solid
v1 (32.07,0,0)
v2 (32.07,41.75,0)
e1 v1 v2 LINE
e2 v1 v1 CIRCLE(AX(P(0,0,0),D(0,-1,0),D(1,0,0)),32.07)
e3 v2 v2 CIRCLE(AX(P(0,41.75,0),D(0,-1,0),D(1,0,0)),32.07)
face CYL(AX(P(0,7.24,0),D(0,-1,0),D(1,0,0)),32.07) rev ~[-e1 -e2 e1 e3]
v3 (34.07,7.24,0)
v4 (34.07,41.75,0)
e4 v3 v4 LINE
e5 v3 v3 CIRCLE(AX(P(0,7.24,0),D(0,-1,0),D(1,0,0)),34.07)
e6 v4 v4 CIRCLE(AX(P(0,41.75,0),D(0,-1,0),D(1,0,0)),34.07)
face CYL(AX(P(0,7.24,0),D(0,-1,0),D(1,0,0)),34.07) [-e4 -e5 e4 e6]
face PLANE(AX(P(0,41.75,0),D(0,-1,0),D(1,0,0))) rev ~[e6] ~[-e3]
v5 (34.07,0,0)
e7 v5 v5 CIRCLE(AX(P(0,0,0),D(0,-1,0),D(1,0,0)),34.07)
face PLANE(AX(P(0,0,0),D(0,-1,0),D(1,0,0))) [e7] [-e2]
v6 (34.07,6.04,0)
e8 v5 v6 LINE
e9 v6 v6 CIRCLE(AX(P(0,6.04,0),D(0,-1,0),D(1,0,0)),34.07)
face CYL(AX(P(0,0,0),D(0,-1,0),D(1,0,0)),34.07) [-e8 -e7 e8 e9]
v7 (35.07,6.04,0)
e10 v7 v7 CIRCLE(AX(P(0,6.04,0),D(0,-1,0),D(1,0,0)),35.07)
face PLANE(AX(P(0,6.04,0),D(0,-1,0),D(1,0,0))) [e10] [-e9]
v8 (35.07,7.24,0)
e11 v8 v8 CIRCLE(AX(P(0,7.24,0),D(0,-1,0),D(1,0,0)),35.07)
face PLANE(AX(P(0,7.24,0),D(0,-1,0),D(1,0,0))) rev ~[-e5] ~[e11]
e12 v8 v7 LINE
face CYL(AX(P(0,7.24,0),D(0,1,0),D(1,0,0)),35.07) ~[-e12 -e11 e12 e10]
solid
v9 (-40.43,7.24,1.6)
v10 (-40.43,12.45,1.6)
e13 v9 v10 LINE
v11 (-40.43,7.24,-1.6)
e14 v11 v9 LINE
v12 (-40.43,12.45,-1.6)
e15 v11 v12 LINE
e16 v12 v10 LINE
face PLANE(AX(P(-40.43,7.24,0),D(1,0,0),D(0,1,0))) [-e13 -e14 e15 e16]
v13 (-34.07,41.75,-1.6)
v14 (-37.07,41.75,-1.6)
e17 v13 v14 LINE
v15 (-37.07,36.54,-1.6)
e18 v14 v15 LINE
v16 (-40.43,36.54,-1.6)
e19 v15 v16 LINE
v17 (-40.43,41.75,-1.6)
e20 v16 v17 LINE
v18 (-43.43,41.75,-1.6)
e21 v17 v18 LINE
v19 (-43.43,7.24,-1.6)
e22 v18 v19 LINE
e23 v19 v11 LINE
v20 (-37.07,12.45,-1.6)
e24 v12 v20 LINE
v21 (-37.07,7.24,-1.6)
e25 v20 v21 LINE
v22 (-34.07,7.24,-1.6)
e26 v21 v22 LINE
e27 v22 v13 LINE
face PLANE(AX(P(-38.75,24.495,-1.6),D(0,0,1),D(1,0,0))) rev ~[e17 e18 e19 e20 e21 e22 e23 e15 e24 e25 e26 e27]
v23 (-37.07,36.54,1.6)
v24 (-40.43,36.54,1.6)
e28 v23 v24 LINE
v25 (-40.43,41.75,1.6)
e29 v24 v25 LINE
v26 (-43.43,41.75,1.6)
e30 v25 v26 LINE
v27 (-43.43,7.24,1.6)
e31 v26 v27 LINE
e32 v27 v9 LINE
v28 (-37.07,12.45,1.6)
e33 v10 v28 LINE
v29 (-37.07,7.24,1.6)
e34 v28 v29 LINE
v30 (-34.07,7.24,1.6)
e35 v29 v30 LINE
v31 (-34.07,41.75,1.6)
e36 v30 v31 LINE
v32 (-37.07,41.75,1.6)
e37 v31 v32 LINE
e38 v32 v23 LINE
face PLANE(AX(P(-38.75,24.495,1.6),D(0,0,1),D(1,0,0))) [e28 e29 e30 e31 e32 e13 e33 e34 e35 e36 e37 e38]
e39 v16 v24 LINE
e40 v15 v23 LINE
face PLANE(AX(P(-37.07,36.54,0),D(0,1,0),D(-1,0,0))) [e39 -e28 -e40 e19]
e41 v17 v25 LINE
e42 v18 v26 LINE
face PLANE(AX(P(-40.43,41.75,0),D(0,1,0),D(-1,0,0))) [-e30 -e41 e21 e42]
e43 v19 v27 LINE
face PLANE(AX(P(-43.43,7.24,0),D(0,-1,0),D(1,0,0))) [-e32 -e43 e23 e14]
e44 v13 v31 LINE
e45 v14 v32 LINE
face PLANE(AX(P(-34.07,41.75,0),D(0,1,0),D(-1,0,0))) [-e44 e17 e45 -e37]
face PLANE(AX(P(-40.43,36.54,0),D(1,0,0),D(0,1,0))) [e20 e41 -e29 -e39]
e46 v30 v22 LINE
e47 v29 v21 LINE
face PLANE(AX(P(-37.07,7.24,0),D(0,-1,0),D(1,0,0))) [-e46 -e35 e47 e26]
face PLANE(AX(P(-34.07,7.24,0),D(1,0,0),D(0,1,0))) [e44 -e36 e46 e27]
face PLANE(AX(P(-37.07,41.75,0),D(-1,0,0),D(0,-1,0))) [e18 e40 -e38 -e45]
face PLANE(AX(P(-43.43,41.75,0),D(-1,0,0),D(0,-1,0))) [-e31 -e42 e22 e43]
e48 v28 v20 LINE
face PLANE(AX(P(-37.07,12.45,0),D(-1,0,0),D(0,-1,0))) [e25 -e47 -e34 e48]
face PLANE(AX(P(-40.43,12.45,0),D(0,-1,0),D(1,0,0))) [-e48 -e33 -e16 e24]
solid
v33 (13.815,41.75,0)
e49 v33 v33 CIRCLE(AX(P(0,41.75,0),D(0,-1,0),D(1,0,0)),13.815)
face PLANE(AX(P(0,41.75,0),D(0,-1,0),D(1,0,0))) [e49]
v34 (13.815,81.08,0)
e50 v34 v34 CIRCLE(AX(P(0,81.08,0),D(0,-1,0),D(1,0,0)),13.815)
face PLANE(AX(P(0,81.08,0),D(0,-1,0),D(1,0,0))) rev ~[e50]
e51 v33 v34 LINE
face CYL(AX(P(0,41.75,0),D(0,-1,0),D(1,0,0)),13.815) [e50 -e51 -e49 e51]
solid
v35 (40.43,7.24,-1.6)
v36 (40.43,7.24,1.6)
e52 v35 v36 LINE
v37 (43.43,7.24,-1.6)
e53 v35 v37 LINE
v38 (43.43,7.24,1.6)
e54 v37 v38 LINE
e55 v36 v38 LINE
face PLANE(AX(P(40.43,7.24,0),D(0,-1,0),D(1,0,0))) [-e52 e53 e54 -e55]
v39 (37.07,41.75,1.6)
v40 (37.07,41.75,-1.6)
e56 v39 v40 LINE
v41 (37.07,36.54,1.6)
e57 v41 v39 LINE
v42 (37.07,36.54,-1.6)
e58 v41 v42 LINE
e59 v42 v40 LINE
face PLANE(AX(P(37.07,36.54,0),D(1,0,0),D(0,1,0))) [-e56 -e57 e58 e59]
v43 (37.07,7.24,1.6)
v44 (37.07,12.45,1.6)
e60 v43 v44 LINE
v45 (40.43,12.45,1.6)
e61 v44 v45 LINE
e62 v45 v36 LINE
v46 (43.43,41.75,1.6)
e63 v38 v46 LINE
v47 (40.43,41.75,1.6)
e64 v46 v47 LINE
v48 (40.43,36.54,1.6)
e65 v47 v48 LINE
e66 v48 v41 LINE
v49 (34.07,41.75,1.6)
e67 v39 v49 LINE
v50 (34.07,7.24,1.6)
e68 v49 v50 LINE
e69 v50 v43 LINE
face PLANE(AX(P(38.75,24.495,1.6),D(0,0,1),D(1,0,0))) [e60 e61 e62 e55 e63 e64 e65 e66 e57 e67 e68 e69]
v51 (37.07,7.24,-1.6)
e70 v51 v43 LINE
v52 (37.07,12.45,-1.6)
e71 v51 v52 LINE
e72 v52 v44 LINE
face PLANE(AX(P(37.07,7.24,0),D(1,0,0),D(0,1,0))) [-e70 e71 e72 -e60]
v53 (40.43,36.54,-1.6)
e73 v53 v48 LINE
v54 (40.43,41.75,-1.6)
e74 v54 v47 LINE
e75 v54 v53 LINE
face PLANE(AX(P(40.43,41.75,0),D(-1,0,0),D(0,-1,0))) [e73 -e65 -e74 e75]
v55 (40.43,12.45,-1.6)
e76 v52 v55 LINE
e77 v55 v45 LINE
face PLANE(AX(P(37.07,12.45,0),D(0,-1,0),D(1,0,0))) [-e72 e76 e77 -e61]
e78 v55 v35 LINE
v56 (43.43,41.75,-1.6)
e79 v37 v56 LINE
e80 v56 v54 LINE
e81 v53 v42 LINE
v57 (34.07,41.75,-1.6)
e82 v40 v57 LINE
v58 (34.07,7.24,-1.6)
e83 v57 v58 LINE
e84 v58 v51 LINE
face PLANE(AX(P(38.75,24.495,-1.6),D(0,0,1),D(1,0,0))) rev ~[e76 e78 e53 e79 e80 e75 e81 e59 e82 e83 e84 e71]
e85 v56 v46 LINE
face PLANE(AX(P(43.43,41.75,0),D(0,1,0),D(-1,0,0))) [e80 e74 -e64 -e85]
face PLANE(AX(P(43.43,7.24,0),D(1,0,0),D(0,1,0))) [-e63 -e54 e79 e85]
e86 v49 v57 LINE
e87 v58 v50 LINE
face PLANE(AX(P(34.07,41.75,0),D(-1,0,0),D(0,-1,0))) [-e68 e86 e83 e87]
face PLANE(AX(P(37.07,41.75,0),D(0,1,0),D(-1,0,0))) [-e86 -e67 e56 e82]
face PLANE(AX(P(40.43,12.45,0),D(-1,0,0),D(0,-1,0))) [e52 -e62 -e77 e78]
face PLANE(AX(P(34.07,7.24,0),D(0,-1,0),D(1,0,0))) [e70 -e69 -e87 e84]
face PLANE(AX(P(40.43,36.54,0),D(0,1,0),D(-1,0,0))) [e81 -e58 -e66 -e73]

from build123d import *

# Parameters (mm, degrees)
F0_R      = 34.07
F0_R_2    = 32.07
F3_DEPTH  = 7.24
F2_R      = 35.07
F2_R_2    = 32.07
F4_DEPTH  = 1.2
F6_R      = 34.07
F6_R_2    = 32.07
F7_DEPTH  = 34.51
F9_R      = 13.815
F10_DEPTH = 39.33
F12_DEPTH = 1.6


with BuildPart() as f3:
    # F0 (on Front) → F3 (new body, through all)
    with BuildSketch(Plane.XZ):
        Circle(F0_R)
        Circle(F0_R_2, mode=Mode.SUBTRACT)
    extrude(amount=-F3_DEPTH)

    # F2 (on offset) → F4 (join)
    with BuildSketch(Plane.XZ.offset(-7.24)):
        Circle(F2_R)
        Circle(F2_R_2, mode=Mode.SUBTRACT)
    extrude(amount=F4_DEPTH)

    # F6 (on offset) → F7 (join)
    with BuildSketch(Plane.XZ.offset(-7.24)):
        Circle(F6_R)
        Circle(F6_R_2, mode=Mode.SUBTRACT)
    extrude(amount=-F7_DEPTH)


with BuildPart() as f10:
    # F9 (on offset) → F10 (new body)
    with BuildSketch(Plane.XZ.offset(-41.75)):
        Circle(F9_R)
    extrude(amount=-F10_DEPTH)


with BuildPart() as f12:
    # F11 (on Top) → F12 (new body, symmetric)
    with BuildSketch(Plane.XY):
        Polygon((-34.07, 7.24), (-34.07, 41.75), (-37.07, 41.75), (-37.07, 36.54), (-40.43, 36.54), (-40.43, 41.75), (-43.43, 41.75), (-43.43, 7.24), (-40.43, 7.24), (-40.43, 12.45), (-37.07, 12.45), (-37.07, 7.24), align=None)
    extrude(amount=F12_DEPTH, both=True)


with BuildPart() as f12b:
    # F11 (on Top) → F12, piece 2 (new body, symmetric)
    with BuildSketch(Plane.XY):
        Polygon((34.07, 41.75), (34.07, 7.24), (35.07, 7.24), (37.07, 7.24), (37.07, 12.45), (40.43, 12.45), (40.43, 7.24), (43.43, 7.24), (43.43, 41.75), (40.43, 41.75), (40.43, 36.54), (37.07, 36.54), (37.07, 41.75), align=None)
    extrude(amount=F12_DEPTH, both=True)


solid = Compound([f3.part, f10.part, f12.part, f12b.part])
